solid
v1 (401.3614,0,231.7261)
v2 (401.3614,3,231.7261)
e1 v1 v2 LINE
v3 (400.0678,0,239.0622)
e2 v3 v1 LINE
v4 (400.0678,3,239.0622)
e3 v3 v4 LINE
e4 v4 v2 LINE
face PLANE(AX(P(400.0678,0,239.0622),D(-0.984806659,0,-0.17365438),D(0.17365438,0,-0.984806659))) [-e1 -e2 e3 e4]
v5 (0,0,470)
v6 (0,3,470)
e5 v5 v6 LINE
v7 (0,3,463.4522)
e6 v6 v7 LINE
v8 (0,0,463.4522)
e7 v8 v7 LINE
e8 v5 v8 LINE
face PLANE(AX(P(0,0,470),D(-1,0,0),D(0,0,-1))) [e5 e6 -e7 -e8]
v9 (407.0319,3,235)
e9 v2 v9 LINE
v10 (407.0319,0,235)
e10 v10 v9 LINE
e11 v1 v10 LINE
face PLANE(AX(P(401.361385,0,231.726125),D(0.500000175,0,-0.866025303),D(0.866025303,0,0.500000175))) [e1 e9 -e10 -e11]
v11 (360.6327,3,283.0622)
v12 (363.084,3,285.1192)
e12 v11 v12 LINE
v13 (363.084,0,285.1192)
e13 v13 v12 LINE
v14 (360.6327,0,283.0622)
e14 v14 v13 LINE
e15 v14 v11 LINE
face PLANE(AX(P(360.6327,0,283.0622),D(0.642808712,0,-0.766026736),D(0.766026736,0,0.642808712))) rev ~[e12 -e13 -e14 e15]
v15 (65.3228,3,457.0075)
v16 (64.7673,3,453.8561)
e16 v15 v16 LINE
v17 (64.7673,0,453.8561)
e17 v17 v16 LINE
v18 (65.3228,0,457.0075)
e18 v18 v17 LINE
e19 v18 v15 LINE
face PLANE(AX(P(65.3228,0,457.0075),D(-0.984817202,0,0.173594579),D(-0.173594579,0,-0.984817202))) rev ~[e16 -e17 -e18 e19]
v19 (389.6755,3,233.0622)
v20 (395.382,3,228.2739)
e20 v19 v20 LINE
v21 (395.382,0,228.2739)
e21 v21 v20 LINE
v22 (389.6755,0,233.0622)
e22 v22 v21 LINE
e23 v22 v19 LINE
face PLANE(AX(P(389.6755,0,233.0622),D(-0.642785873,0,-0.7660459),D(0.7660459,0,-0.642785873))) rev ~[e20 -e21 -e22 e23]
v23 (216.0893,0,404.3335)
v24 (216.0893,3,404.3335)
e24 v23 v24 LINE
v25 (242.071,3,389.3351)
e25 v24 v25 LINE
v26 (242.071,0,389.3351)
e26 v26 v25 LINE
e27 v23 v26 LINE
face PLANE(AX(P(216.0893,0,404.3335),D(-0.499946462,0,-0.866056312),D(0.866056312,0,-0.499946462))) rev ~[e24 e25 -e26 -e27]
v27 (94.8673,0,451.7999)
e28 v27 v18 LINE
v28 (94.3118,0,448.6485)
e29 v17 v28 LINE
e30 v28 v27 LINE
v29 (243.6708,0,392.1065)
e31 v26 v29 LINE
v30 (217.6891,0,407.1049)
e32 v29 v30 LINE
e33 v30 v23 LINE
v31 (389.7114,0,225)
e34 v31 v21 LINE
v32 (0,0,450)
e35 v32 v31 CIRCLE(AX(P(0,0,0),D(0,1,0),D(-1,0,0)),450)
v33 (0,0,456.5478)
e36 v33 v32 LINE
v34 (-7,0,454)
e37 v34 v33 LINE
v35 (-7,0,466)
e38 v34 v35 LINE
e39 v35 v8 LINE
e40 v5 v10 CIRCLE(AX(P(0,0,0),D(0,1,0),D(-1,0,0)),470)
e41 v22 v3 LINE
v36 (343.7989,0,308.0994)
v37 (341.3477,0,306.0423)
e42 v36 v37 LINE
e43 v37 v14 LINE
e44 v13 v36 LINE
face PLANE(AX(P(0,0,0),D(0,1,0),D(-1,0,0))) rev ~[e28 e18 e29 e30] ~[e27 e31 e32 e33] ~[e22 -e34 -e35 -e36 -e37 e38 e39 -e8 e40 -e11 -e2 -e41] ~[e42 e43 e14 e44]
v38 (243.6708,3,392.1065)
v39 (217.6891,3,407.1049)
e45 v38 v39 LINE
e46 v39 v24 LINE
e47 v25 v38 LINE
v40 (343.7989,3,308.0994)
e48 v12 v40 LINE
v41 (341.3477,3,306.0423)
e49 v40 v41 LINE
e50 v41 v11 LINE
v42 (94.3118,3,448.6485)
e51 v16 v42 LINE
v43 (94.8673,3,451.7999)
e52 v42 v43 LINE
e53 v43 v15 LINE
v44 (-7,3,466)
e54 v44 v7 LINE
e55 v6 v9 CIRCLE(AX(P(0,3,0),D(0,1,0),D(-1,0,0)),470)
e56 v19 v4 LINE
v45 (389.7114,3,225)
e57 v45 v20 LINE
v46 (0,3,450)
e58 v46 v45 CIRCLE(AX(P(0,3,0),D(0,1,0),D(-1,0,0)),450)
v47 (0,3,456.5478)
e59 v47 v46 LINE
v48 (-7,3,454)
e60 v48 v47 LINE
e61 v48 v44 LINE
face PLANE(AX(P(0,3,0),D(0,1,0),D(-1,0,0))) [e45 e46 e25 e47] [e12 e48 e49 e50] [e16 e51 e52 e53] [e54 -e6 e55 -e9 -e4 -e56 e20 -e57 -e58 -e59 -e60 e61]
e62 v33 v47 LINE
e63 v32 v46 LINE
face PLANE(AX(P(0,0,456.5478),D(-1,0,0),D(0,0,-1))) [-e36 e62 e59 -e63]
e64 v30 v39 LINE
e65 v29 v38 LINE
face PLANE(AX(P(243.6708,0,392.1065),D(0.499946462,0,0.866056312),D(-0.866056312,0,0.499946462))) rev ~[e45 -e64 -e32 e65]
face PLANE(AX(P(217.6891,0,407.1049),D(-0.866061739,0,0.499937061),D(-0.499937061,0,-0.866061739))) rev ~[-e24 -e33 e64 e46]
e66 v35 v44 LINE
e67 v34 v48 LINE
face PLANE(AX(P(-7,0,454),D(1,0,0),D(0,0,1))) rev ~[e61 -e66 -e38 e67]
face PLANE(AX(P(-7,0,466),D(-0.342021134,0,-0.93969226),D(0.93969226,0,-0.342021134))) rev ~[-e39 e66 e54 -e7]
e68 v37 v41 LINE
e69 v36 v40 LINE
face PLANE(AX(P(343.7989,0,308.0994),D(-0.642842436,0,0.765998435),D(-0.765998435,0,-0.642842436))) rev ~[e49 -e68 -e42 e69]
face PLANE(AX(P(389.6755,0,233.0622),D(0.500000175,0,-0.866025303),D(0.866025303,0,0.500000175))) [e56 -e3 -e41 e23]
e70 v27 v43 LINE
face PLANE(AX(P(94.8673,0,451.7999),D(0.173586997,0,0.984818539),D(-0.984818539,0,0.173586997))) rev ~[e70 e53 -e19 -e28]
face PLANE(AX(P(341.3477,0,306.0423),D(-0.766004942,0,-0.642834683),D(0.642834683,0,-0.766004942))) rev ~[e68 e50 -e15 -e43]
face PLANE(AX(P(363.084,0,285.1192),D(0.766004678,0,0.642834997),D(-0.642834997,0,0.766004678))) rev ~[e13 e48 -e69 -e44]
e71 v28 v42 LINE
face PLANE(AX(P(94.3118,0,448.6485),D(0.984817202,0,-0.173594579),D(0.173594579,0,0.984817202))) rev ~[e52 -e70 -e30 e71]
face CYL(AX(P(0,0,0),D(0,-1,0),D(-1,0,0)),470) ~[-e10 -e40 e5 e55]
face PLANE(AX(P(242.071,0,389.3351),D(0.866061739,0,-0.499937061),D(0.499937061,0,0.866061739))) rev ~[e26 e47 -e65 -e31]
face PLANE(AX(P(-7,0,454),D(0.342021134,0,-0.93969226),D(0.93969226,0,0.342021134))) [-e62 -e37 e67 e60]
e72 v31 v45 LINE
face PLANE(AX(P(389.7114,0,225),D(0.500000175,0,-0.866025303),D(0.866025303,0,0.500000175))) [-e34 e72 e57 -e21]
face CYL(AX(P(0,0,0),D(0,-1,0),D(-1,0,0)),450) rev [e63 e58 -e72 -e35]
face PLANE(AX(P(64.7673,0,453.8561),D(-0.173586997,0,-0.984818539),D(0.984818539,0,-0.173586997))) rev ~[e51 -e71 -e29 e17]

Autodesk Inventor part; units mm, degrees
ref_plane "YZ Plane" through (0, 0, 0) normal (1, 0, 0) x (0, 1, 0)
ref_plane "XZ Plane" through (0, 0, 0) normal (0, 1, 0) x (-1, 0, 0)
ref_plane "XY Plane" through (0, 0, 0) normal (0, 0, 1) x (1, 0, 0)
sketch "Sketch1" plane through (0, 0, 0) normal (0, 1, 0) x (-1, 0, 0)
  circle A0 centre (0, 0) radius 450
  circle A1 centre (0, 0) radius 470
  line L0 (470, 0) -> (450, 0)
  line L1 (-470, 0) -> (-450, 0)
  line L2 (0, 0) -> (-389.7114, 225) construction
  line L3 (0, 450) -> (0, 0) construction
  line L4 (0, 470) -> (0, 450)
  line L5 (-389.7114, 225) -> (-407.0319, 235)
  line L6 (-389.6755, 233.0622) -> (-400.0678, 239.0622)
  line L7 (-400.0678, 239.0622) -> (-401.3614, 231.7261)
  line L8 (-389.6755, 233.0622) -> (-395.382, 228.2739)
  line L9 (-398.3717, 230) -> (-394.8717, 236.0622) construction
  line L10 (7, 454) -> (0, 456.5478)
  line L11 (7, 454) -> (7, 466)
  line L12 (7, 466) -> (0, 463.4522)
  line L13 (396.6755, 220.9378) -> (395.382, 228.2739)
  line L14 (396.6755, 220.9378) -> (407.0678, 226.9378)
  line L15 (407.0678, 226.9378) -> (401.3614, 231.7261)
  line L16 (389.6755, -233.0622) -> (395.382, -228.2739)
  line L17 (389.6755, -233.0622) -> (400.0678, -239.0622)
  line L18 (400.0678, -239.0622) -> (401.3614, -231.7261)
  line L19 (-7, -454) -> (0, -456.5478)
  line L20 (-7, -454) -> (-7, -466)
  line L21 (-7, -466) -> (0, -463.4522)
  line L22 (-396.6755, -220.9378) -> (-395.382, -228.2739)
  line L23 (-396.6755, -220.9378) -> (-407.0678, -226.9378)
  line L24 (-407.0678, -226.9378) -> (-401.3614, -231.7261)
  line L25 (-363.084, 285.1192) -> (-343.7989, 308.0994)
  line L26 (-343.7989, 308.0994) -> (-341.3477, 306.0423)
  line L27 (-341.3477, 306.0423) -> (-360.6327, 283.0622)
  line L28 (-360.6327, 283.0622) -> (-363.084, 285.1192)
  line L29 (-363.084, 285.1192) -> (-341.3477, 306.0423) construction
  line L30 (-343.7989, 308.0994) -> (-360.6327, 283.0622) construction
  circle A2 centre (0, 0) radius 460.0533 construction
  line L31 (-435.6969, 142.6478) -> (-438.7038, 143.7424)
  line L32 (-438.7038, 143.7424) -> (-428.4415, 171.9326)
  line L33 (-425.4346, 170.8379) -> (-435.6969, 142.6478)
  line L34 (-428.4415, 171.9326) -> (-425.4346, 170.8379)
  line L35 (-458.2096, -14.9721) -> (-461.4096, -14.9719)
  line L36 (-461.4096, -14.9719) -> (-461.4077, 15.0281)
  line L37 (-458.2077, 15.0279) -> (-458.2096, -14.9721)
  line L38 (-461.4077, 15.0281) -> (-458.2077, 15.0279)
  line L39 (-425.4554, -170.786) -> (-428.4625, -171.8803)
  line L40 (-428.4625, -171.8803) -> (-438.7214, -143.6889)
  line L41 (-435.7143, -142.5946) -> (-425.4554, -170.786)
  line L42 (-438.7214, -143.6889) -> (-435.7143, -142.5946)
  line L43 (-341.385, -306.0007) -> (-343.8365, -308.0575)
  line L44 (-343.8365, -308.0575) -> (-363.1187, -285.075)
  line L45 (-360.6673, -283.0182) -> (-341.385, -306.0007)
  line L46 (-363.1187, -285.075) -> (-360.6673, -283.0182)
  line L47 (-216.1386, -404.3072) -> (-217.7388, -407.0783)
  line L48 (-217.7388, -407.0783) -> (-243.7186, -392.0768)
  line L49 (-242.1185, -389.3056) -> (-216.1386, -404.3072)
  line L50 (-243.7186, -392.0768) -> (-242.1185, -389.3056)
  line L51 (-64.8227, -453.8482) -> (-65.3785, -456.9996)
  line L52 (-65.3785, -456.9996) -> (-94.9224, -451.7883)
  line L53 (-94.3666, -448.637) -> (-64.8227, -453.8482)
  line L54 (-94.9224, -451.7883) -> (-94.3666, -448.637)
  line L55 (94.3118, -448.6485) -> (94.8673, -451.7999)
  line L56 (94.8673, -451.7999) -> (65.3228, -457.0075)
  line L57 (64.7673, -453.8561) -> (94.3118, -448.6485)
  line L58 (65.3228, -457.0075) -> (64.7673, -453.8561)
  line L59 (242.071, -389.3351) -> (243.6708, -392.1065)
  line L60 (243.6708, -392.1065) -> (217.6891, -407.1049)
  line L61 (216.0893, -404.3335) -> (242.071, -389.3351)
  line L62 (217.6891, -407.1049) -> (216.0893, -404.3335)
  line L63 (360.6327, -283.0622) -> (363.084, -285.1192)
  line L64 (363.084, -285.1192) -> (343.7989, -308.0994)
  line L65 (341.3477, -306.0423) -> (360.6327, -283.0622)
  line L66 (343.7989, -308.0994) -> (341.3477, -306.0423)
  line L67 (435.6969, -142.6478) -> (438.7038, -143.7424)
  line L68 (438.7038, -143.7424) -> (428.4415, -171.9326)
  line L69 (425.4346, -170.8379) -> (435.6969, -142.6478)
  line L70 (428.4415, -171.9326) -> (425.4346, -170.8379)
  line L71 (458.2096, 14.9721) -> (461.4096, 14.9719)
  line L72 (461.4096, 14.9719) -> (461.4077, -15.0281)
  line L73 (458.2077, -15.0279) -> (458.2096, 14.9721)
  line L74 (461.4077, -15.0281) -> (458.2077, -15.0279)
  line L75 (425.4554, 170.786) -> (428.4625, 171.8803)
  line L76 (428.4625, 171.8803) -> (438.7214, 143.6889)
  line L77 (435.7143, 142.5946) -> (425.4554, 170.786)
  line L78 (438.7214, 143.6889) -> (435.7143, 142.5946)
  line L79 (341.385, 306.0007) -> (343.8365, 308.0575)
  line L80 (343.8365, 308.0575) -> (363.1187, 285.075)
  line L81 (360.6673, 283.0182) -> (341.385, 306.0007)
  line L82 (363.1187, 285.075) -> (360.6673, 283.0182)
  line L83 (216.1386, 404.3072) -> (217.7388, 407.0783)
  line L84 (217.7388, 407.0783) -> (243.7186, 392.0768)
  line L85 (242.1185, 389.3056) -> (216.1386, 404.3072)
  line L86 (243.7186, 392.0768) -> (242.1185, 389.3056)
  line L87 (64.8227, 453.8482) -> (65.3785, 456.9996)
  line L88 (65.3785, 456.9996) -> (94.9224, 451.7883)
  line L89 (94.3666, 448.637) -> (64.8227, 453.8482)
  line L90 (94.9224, 451.7883) -> (94.3666, 448.637)
  line L91 (-94.3118, 448.6485) -> (-94.8673, 451.7999)
  line L92 (-94.8673, 451.7999) -> (-65.3228, 457.0075)
  line L93 (-64.7673, 453.8561) -> (-94.3118, 448.6485)
  line L94 (-65.3228, 457.0075) -> (-64.7673, 453.8561)
  line L95 (-242.071, 389.3351) -> (-243.6708, 392.1065)
  line L96 (-243.6708, 392.1065) -> (-217.6891, 407.1049)
  line L97 (-216.0893, 404.3335) -> (-242.071, 389.3351)
  line L98 (-217.6891, 407.1049) -> (-216.0893, 404.3335)
  point P0 (460, 0)
  point P1 (-460, 0)
  point P2 (7, 460)
  point P3 (401.8717, 223.9378)
  point P4 (394.8717, -236.0622)
  point P5 (-7, -460)
  point P6 (-401.8717, -223.9378)
  point P7 (-352.2158, 295.5808)
  point P8 (7, 460)
  point P9 (-361.8584, 284.0907)
  point P10 (-342.5733, 307.0709)
  point P11 (-437.2004, 143.1951)
  point P12 (-426.938, 171.3853)
  point P13 (-459.8096, -14.972)
  point P14 (-459.8077, 15.028)
  point P15 (-426.959, -171.3332)
  point P16 (-437.2178, -143.1418)
  point P17 (-342.6108, -307.0291)
  point P18 (-361.893, -284.0466)
  point P19 (-216.9387, -405.6927)
  point P20 (-242.9185, -390.6912)
  point P21 (-65.1006, -455.4239)
  point P22 (-94.6445, -450.2126)
  point P23 (94.5896, -450.2242)
  point P24 (65.045, -455.4318)
  point P25 (242.8709, -390.7208)
  point P26 (216.8892, -405.7192)
  point P27 (361.8584, -284.0907)
  point P28 (342.5733, -307.0709)
  point P29 (437.2004, -143.1951)
  point P30 (426.938, -171.3853)
  point P31 (459.8096, 14.972)
  point P32 (459.8077, -15.028)
  point P33 (426.959, 171.3332)
  point P34 (437.2178, 143.1418)
  point P35 (342.6108, 307.0291)
  point P36 (361.893, 284.0466)
  point P37 (216.9387, 405.6927)
  point P38 (242.9185, 390.6912)
  point P39 (65.1006, 455.4239)
  point P40 (94.6445, 450.2126)
  point P41 (-94.5896, 450.2242)
  point P42 (-65.045, 455.4318)
  point P43 (-242.8709, 390.7208)
  point P44 (-216.8892, 405.7192)
  dimension "d0" = 900
  dimension "d1" = 940
  dimension "d4" = 60
  dimension "d5" = 7
  dimension "d6" = 70
  dimension "d8" = 12
  dimension "d11" = 360
  dimension "d13" = 3.2
  dimension "d14" = 30
  dimension "d15" = 50
  dimension "d18" = 360
extrude "Extrusion1" add sketch "Sketch1" along normal blind 3 contours A0 L5 L8 L6 L7 A1 L4 | L4 L12 L11 L10
properties part number "D90_CM_CIRCULO"
